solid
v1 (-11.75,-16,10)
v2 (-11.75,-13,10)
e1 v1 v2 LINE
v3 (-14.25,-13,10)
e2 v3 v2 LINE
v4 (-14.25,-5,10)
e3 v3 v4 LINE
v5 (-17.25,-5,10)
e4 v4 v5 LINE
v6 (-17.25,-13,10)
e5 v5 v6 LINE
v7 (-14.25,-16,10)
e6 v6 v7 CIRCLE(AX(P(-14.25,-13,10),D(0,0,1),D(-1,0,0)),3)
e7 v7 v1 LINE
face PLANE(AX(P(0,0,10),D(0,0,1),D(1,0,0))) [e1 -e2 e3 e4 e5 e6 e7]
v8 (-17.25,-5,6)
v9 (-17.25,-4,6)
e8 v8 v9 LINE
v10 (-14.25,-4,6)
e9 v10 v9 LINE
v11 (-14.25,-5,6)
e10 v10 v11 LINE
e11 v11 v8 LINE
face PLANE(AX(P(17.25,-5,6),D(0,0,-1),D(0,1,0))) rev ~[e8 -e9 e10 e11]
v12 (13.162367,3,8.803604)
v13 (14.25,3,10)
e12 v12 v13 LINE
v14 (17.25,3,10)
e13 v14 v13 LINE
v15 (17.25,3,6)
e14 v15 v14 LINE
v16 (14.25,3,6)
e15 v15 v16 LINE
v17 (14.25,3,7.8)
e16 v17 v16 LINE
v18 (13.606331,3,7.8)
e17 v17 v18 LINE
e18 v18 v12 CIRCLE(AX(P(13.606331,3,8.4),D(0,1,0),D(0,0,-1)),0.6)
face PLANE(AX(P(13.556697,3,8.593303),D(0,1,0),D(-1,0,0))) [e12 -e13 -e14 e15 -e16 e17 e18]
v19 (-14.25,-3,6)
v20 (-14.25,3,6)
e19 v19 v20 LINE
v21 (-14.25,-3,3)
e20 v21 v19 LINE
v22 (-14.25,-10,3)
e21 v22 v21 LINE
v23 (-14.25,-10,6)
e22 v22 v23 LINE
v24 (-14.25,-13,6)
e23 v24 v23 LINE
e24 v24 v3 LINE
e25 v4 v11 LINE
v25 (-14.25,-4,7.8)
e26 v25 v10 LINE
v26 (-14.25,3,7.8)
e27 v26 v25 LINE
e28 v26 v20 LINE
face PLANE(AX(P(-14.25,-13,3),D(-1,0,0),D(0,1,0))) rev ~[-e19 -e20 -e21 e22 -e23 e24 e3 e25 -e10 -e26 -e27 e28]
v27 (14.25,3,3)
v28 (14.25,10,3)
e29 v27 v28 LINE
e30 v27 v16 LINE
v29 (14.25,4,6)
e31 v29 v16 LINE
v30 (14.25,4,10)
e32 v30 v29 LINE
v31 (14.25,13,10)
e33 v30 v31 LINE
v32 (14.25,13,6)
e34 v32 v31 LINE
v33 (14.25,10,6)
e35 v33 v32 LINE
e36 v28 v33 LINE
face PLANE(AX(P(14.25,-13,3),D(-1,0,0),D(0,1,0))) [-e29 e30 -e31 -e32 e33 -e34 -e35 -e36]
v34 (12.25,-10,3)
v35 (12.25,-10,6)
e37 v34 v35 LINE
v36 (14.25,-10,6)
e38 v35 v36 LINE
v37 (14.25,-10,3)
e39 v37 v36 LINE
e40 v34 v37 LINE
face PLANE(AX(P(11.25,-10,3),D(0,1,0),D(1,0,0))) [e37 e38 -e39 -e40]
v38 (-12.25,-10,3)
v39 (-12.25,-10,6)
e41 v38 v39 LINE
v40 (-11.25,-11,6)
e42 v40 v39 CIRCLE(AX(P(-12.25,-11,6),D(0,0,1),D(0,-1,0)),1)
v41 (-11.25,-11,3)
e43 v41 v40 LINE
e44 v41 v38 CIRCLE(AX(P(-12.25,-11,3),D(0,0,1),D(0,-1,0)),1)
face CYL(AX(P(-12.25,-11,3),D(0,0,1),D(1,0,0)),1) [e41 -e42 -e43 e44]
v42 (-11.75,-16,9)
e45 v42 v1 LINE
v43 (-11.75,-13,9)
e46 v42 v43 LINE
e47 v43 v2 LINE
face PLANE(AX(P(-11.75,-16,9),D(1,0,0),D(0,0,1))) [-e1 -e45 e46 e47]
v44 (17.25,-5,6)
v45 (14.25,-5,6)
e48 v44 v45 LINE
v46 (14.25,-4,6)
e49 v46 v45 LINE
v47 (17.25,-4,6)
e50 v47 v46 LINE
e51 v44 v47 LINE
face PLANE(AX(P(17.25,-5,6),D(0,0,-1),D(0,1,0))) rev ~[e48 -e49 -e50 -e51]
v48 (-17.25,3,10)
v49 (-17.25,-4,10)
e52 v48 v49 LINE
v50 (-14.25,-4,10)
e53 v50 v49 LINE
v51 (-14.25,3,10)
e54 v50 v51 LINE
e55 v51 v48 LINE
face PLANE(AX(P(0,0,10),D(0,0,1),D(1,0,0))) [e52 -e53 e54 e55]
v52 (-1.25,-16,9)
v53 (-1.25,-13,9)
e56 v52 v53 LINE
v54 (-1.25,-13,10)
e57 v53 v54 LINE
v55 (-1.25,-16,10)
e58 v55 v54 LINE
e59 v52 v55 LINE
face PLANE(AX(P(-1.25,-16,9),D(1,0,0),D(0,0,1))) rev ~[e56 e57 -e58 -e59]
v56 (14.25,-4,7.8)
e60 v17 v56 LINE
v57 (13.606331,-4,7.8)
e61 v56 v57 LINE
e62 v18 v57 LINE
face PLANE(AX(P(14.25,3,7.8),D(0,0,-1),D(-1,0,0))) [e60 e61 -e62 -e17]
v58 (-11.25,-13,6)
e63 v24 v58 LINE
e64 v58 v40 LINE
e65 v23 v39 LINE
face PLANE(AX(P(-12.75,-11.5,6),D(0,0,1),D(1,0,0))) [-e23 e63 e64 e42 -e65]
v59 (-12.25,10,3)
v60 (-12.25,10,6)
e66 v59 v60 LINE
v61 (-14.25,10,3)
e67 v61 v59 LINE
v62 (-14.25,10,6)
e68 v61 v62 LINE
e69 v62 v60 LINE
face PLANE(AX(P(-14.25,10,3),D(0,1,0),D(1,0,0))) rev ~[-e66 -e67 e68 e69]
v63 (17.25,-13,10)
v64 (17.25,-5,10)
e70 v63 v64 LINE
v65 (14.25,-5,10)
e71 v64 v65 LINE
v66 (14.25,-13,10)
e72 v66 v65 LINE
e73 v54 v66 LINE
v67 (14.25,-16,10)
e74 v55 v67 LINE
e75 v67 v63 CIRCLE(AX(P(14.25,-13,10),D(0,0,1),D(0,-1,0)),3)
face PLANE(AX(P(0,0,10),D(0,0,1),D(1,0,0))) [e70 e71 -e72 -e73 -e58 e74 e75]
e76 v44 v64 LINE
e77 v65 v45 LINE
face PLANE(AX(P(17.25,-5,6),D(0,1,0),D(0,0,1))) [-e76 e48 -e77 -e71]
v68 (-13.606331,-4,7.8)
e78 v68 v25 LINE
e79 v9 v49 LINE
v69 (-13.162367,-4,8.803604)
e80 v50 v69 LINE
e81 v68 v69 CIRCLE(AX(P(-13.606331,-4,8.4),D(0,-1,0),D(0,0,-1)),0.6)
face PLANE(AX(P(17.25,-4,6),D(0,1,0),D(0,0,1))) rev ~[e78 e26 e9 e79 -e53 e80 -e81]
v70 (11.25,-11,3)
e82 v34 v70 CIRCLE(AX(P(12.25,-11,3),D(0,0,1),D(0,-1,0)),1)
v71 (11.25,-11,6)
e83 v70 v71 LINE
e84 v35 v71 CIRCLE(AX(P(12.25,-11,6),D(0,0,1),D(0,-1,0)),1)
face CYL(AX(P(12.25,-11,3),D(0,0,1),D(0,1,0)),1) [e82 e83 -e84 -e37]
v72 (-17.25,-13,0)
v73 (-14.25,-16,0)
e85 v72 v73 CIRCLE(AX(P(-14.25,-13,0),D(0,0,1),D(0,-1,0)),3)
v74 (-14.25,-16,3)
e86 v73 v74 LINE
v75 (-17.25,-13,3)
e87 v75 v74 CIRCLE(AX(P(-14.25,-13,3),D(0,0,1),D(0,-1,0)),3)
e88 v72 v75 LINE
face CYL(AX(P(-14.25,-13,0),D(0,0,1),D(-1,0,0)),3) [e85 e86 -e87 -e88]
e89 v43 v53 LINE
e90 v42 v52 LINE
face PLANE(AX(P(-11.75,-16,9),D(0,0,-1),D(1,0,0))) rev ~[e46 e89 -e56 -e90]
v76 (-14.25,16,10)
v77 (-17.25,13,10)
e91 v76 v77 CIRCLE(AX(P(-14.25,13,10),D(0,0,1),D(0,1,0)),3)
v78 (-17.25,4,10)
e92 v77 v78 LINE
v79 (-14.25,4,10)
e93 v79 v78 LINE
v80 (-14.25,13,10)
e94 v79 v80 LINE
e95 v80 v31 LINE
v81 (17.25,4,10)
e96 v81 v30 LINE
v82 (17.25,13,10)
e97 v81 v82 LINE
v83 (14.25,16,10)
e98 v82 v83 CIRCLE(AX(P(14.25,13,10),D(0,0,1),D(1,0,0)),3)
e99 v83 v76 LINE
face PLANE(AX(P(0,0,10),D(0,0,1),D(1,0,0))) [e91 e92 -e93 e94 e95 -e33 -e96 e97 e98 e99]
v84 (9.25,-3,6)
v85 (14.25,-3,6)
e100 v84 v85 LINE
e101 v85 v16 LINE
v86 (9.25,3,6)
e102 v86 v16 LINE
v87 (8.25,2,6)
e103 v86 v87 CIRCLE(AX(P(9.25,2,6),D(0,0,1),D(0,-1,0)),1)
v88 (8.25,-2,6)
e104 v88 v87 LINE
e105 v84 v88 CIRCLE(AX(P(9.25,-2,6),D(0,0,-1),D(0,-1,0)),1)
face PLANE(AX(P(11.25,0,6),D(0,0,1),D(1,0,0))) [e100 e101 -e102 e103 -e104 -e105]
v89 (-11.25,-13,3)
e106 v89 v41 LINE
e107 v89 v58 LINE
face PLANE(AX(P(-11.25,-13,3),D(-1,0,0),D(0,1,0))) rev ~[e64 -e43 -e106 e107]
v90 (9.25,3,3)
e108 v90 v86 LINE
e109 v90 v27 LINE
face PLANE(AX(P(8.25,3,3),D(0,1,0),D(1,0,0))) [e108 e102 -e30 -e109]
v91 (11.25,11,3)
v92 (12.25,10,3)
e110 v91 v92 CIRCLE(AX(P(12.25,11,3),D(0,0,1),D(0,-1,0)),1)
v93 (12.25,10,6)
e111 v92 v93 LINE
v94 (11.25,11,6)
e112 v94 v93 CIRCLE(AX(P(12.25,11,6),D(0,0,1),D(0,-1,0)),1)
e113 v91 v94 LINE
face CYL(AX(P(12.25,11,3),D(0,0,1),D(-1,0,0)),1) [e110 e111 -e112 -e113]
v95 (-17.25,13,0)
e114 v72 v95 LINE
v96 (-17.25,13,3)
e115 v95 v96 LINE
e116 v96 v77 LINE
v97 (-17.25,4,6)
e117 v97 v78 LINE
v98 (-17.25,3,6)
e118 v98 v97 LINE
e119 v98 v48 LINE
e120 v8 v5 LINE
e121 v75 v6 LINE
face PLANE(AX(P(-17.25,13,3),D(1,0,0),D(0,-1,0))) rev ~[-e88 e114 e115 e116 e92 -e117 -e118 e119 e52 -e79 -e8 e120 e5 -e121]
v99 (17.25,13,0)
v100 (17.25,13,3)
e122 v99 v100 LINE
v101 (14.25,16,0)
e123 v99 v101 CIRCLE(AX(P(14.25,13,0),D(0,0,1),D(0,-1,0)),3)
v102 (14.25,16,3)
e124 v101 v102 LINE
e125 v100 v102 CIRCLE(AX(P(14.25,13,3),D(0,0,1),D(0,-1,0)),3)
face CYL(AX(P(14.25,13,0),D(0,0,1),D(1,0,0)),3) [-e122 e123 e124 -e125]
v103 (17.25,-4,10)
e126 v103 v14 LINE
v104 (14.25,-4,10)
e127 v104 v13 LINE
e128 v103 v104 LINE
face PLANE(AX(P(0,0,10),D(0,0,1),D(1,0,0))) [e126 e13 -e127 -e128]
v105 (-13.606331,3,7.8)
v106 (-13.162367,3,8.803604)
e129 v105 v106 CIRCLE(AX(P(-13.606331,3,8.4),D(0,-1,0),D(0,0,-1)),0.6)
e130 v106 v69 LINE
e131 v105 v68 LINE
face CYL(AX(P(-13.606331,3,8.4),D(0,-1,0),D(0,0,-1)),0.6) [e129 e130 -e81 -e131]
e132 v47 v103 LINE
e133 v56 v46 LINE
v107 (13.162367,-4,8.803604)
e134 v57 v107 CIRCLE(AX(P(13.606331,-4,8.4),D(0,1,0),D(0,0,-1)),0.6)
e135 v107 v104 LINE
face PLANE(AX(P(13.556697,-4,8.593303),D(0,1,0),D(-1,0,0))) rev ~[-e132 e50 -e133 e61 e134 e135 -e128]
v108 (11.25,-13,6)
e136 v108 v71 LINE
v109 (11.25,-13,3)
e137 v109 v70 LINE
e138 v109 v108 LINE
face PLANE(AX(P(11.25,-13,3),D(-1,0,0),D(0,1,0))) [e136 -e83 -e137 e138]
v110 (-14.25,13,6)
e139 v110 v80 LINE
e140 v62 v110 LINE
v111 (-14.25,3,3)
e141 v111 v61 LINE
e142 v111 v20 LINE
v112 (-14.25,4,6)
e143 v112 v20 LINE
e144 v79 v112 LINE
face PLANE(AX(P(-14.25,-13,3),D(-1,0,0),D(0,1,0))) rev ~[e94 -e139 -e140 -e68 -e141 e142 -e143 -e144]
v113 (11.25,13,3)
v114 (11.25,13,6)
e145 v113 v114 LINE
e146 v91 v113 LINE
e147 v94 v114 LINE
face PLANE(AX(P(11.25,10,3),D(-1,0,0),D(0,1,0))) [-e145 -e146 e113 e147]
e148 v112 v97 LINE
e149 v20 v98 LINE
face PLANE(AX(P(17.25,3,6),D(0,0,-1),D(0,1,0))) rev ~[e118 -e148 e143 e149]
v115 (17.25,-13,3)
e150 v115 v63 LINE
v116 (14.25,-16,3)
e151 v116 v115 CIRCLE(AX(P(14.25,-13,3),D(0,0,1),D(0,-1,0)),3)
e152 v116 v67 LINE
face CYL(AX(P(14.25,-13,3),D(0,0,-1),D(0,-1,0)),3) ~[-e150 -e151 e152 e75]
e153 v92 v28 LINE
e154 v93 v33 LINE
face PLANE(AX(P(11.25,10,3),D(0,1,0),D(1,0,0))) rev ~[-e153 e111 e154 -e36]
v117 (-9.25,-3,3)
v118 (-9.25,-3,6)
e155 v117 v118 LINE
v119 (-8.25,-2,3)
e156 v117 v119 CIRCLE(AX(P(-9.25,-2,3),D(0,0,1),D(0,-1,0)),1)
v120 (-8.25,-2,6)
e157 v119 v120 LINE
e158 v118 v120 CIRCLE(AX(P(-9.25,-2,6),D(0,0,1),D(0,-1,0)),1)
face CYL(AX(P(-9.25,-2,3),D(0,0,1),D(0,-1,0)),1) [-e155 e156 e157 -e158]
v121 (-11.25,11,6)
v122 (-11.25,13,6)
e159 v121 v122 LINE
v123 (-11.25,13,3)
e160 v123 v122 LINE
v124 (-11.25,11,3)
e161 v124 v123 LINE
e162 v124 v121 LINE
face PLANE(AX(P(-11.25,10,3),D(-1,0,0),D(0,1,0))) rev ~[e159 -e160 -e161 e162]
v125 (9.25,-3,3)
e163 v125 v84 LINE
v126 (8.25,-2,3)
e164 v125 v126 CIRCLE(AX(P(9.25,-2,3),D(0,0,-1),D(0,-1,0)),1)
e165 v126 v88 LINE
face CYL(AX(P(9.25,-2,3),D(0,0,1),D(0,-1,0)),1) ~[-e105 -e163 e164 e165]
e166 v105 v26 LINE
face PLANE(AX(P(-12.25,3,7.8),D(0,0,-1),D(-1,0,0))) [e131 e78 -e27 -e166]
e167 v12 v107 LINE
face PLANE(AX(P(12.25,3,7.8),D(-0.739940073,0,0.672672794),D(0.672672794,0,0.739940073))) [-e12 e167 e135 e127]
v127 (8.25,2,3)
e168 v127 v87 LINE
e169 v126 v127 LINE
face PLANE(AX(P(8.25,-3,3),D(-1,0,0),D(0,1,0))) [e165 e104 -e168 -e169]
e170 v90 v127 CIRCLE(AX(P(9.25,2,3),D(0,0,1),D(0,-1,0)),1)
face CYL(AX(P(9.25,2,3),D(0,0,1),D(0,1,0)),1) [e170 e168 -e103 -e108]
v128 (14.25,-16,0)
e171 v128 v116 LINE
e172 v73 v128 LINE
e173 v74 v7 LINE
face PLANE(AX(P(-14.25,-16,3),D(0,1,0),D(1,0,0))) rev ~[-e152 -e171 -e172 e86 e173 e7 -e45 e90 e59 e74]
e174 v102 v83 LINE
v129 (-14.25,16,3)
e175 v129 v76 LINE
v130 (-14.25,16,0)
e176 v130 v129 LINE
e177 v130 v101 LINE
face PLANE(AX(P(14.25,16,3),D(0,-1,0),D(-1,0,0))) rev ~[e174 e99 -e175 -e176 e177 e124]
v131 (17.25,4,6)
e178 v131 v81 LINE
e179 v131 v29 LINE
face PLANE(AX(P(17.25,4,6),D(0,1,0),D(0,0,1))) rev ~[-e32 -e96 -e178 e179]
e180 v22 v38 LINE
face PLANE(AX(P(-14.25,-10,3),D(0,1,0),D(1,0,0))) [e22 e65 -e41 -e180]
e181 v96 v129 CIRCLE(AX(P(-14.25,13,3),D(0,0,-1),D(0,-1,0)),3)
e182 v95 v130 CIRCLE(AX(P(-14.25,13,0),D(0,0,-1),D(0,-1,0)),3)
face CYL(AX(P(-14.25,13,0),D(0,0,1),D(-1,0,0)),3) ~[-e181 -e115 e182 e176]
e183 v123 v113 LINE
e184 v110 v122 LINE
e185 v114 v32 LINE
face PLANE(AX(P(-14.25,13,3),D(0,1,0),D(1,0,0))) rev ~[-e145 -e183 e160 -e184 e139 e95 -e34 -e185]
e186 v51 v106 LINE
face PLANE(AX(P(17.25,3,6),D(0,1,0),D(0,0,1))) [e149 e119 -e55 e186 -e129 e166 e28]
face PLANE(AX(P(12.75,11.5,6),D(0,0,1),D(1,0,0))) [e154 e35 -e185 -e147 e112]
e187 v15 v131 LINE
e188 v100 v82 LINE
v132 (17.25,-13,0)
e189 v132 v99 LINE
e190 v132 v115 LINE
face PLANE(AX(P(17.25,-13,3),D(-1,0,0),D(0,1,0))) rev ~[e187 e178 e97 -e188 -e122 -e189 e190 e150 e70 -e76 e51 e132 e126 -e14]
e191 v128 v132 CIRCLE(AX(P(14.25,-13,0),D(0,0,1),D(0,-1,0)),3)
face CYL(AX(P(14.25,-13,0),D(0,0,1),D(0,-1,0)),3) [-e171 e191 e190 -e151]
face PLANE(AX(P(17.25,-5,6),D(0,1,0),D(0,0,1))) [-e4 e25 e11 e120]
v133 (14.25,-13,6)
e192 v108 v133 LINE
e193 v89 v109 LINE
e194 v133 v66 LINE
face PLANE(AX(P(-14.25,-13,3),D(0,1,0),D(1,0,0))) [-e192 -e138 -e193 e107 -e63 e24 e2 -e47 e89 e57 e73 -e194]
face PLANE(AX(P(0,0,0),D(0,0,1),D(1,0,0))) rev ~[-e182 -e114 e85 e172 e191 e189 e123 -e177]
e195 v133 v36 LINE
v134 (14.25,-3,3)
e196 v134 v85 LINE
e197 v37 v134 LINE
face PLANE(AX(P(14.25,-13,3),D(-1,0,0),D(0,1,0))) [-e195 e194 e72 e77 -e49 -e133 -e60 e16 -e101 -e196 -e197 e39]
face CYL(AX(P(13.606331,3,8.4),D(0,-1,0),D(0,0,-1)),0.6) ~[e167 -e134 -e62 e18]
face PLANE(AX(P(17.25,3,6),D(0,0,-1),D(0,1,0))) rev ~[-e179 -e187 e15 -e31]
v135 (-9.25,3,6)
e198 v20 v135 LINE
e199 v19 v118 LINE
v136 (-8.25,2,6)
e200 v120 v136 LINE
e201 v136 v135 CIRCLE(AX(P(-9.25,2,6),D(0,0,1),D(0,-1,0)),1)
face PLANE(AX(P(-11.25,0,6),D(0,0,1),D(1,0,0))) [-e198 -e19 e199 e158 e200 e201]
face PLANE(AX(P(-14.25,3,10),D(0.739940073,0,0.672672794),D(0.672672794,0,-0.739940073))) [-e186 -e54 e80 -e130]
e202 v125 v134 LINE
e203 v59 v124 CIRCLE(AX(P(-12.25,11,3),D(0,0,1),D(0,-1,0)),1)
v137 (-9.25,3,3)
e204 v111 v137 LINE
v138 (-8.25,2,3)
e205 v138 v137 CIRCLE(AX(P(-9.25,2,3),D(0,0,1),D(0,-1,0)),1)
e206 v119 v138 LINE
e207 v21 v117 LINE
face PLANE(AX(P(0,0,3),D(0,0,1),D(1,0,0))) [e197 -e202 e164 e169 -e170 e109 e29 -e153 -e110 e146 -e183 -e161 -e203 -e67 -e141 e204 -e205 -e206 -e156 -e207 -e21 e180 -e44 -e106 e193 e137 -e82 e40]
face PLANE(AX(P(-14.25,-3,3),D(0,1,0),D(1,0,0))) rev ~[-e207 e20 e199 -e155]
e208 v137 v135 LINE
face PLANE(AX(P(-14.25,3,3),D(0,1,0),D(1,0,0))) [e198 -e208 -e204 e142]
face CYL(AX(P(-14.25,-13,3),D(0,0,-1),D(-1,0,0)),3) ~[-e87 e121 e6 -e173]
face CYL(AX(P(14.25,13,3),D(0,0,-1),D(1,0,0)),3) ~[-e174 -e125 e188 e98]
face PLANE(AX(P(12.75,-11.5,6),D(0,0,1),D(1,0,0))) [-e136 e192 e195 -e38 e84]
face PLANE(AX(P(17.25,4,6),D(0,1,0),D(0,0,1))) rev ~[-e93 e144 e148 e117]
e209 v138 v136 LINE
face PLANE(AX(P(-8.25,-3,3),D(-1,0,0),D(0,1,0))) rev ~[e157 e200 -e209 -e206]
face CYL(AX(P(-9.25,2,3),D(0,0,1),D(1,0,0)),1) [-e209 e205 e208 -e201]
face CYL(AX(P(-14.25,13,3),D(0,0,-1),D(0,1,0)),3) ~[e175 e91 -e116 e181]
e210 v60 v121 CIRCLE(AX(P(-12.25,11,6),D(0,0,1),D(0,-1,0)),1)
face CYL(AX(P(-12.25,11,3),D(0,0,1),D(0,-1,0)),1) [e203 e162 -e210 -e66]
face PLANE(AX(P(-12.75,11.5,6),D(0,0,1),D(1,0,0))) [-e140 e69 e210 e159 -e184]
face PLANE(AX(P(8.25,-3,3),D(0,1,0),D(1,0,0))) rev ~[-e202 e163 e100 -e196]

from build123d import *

# Parameters (mm, degrees)
F1_W      = 34.5
F1_H      = 32
F2_DEPTH  = 3
F3_R      = 3
F4_W      = 28.5
F4_H      = 26
F5_DEPTH  = 7
F6_W      = 6
F6_H      = 6
F6_W_2    = 3
F6_H_2    = 3
F7_DEPTH  = 3
F8_W      = 10.5
F8_H      = 1
F9_DEPTH  = 3
F10_W     = 1
F10_H     = 4
F11_DEPTH = 34.5
F13_DEPTH = 7
F14_R     = 1
F15_R     = 0.6


with BuildPart() as f2:
    # F1 (on Top) → F2 (new body)
    with BuildSketch(Plane.XY):
        Rectangle(F1_W, F1_H)
    extrude(amount=F2_DEPTH)

    # F3
    f3_edges = [f2.edges().sort_by_distance(p)[0] for p in [
        (17.25, -16, 1.5),
        (-17.25, -16, 1.5),
        (17.25, 16, 1.5),
        (-17.25, 16, 1.5),
    ]]
    fillet(f3_edges, radius=F3_R)

    # F4 (on face) → F5 (join)
    with BuildSketch(Plane.XY.offset(3)):
        with BuildLine():
            ThreePointArc((14.25, -16), (16.3713203436, -15.1213203436), (17.25, -13))
            Line((17.25, -13), (17.25, 13))
            ThreePointArc((17.25, 13), (16.3713203436, 15.1213203436), (14.25, 16))
            Line((14.25, 16), (-14.25, 16))
            ThreePointArc((-14.25, 16), (-16.3713203436, 15.1213203436), (-17.25, 13))
            Line((-17.25, 13), (-17.25, -13))
            ThreePointArc((-17.25, -13), (-16.3713203436, -15.1213203436), (-14.25, -16))
            Line((-14.25, -16), (14.25, -16))
        make_face()
        Rectangle(F4_W, F4_H, mode=Mode.SUBTRACT)
    extrude(amount=F5_DEPTH)

    # F6 (on face) → F7 (join)
    with BuildSketch(Plane.XY.offset(3)):
        with Locations((-11.25, 0)):
            Rectangle(F6_W, F6_H)
        with Locations((11.25, 0)):
            Rectangle(F6_W, F6_H)
        with Locations((-12.75, 11.5)):
            Rectangle(F6_W_2, F6_H_2)
        with Locations((12.75, 11.5)):
            Rectangle(F6_W_2, F6_H_2)
        with Locations((-12.75, -11.5)):
            Rectangle(F6_W_2, F6_H_2)
        with Locations((12.75, -11.5)):
            Rectangle(F6_W_2, F6_H_2)
    extrude(amount=F7_DEPTH)

    # F8 (on face) → F9 (cut, through all)
    with BuildSketch(Plane.XZ.offset(16)):
        with Locations((-6.5, 9.5)):
            Rectangle(F8_W, F8_H)
    extrude(amount=-F9_DEPTH, mode=Mode.SUBTRACT)

    # F10 (on face) → F11 (cut, through all)
    with BuildSketch(Plane.YZ.offset(17.25)):
        with Locations((-4.5, 8)):
            Rectangle(F10_W, F10_H)
        with Locations((3.5, 8)):
            Rectangle(F10_W, F10_H)
    extrude(amount=-F11_DEPTH, mode=Mode.SUBTRACT)

    # F12 (on face) → F13 (join, through all)
    with BuildSketch(Plane(origin=(0, 3, 0), x_dir=(-1, 0, 0), z_dir=(0, 1, 0))):
        Polygon((-14.25, 10), (-14.25, 7.8), (-12.25, 7.8), align=None)
        Polygon((14.25, 10), (12.25, 7.8), (14.25, 7.8), align=None)
    extrude(amount=-F13_DEPTH)

    # F14
    f14_edges = [f2.edges().sort_by_distance(p)[0] for p in [
        (8.25, 3, 4.5),
        (8.25, -3, 4.5),
        (11.25, -10, 4.5),
        (11.25, 10, 4.5),
        (-11.25, -10, 4.5),
        (-11.25, 10, 4.5),
        (-8.25, 3, 4.5),
        (-8.25, -3, 4.5),
    ]]
    fillet(f14_edges, radius=F14_R)

    # F15
    f15_edges = [f2.edges().sort_by_distance(p)[0] for p in [
        (12.25, -0.5, 7.8),
        (-12.25, -0.5, 7.8),
    ]]
    fillet(f15_edges, radius=F15_R)


solid = f2.part
